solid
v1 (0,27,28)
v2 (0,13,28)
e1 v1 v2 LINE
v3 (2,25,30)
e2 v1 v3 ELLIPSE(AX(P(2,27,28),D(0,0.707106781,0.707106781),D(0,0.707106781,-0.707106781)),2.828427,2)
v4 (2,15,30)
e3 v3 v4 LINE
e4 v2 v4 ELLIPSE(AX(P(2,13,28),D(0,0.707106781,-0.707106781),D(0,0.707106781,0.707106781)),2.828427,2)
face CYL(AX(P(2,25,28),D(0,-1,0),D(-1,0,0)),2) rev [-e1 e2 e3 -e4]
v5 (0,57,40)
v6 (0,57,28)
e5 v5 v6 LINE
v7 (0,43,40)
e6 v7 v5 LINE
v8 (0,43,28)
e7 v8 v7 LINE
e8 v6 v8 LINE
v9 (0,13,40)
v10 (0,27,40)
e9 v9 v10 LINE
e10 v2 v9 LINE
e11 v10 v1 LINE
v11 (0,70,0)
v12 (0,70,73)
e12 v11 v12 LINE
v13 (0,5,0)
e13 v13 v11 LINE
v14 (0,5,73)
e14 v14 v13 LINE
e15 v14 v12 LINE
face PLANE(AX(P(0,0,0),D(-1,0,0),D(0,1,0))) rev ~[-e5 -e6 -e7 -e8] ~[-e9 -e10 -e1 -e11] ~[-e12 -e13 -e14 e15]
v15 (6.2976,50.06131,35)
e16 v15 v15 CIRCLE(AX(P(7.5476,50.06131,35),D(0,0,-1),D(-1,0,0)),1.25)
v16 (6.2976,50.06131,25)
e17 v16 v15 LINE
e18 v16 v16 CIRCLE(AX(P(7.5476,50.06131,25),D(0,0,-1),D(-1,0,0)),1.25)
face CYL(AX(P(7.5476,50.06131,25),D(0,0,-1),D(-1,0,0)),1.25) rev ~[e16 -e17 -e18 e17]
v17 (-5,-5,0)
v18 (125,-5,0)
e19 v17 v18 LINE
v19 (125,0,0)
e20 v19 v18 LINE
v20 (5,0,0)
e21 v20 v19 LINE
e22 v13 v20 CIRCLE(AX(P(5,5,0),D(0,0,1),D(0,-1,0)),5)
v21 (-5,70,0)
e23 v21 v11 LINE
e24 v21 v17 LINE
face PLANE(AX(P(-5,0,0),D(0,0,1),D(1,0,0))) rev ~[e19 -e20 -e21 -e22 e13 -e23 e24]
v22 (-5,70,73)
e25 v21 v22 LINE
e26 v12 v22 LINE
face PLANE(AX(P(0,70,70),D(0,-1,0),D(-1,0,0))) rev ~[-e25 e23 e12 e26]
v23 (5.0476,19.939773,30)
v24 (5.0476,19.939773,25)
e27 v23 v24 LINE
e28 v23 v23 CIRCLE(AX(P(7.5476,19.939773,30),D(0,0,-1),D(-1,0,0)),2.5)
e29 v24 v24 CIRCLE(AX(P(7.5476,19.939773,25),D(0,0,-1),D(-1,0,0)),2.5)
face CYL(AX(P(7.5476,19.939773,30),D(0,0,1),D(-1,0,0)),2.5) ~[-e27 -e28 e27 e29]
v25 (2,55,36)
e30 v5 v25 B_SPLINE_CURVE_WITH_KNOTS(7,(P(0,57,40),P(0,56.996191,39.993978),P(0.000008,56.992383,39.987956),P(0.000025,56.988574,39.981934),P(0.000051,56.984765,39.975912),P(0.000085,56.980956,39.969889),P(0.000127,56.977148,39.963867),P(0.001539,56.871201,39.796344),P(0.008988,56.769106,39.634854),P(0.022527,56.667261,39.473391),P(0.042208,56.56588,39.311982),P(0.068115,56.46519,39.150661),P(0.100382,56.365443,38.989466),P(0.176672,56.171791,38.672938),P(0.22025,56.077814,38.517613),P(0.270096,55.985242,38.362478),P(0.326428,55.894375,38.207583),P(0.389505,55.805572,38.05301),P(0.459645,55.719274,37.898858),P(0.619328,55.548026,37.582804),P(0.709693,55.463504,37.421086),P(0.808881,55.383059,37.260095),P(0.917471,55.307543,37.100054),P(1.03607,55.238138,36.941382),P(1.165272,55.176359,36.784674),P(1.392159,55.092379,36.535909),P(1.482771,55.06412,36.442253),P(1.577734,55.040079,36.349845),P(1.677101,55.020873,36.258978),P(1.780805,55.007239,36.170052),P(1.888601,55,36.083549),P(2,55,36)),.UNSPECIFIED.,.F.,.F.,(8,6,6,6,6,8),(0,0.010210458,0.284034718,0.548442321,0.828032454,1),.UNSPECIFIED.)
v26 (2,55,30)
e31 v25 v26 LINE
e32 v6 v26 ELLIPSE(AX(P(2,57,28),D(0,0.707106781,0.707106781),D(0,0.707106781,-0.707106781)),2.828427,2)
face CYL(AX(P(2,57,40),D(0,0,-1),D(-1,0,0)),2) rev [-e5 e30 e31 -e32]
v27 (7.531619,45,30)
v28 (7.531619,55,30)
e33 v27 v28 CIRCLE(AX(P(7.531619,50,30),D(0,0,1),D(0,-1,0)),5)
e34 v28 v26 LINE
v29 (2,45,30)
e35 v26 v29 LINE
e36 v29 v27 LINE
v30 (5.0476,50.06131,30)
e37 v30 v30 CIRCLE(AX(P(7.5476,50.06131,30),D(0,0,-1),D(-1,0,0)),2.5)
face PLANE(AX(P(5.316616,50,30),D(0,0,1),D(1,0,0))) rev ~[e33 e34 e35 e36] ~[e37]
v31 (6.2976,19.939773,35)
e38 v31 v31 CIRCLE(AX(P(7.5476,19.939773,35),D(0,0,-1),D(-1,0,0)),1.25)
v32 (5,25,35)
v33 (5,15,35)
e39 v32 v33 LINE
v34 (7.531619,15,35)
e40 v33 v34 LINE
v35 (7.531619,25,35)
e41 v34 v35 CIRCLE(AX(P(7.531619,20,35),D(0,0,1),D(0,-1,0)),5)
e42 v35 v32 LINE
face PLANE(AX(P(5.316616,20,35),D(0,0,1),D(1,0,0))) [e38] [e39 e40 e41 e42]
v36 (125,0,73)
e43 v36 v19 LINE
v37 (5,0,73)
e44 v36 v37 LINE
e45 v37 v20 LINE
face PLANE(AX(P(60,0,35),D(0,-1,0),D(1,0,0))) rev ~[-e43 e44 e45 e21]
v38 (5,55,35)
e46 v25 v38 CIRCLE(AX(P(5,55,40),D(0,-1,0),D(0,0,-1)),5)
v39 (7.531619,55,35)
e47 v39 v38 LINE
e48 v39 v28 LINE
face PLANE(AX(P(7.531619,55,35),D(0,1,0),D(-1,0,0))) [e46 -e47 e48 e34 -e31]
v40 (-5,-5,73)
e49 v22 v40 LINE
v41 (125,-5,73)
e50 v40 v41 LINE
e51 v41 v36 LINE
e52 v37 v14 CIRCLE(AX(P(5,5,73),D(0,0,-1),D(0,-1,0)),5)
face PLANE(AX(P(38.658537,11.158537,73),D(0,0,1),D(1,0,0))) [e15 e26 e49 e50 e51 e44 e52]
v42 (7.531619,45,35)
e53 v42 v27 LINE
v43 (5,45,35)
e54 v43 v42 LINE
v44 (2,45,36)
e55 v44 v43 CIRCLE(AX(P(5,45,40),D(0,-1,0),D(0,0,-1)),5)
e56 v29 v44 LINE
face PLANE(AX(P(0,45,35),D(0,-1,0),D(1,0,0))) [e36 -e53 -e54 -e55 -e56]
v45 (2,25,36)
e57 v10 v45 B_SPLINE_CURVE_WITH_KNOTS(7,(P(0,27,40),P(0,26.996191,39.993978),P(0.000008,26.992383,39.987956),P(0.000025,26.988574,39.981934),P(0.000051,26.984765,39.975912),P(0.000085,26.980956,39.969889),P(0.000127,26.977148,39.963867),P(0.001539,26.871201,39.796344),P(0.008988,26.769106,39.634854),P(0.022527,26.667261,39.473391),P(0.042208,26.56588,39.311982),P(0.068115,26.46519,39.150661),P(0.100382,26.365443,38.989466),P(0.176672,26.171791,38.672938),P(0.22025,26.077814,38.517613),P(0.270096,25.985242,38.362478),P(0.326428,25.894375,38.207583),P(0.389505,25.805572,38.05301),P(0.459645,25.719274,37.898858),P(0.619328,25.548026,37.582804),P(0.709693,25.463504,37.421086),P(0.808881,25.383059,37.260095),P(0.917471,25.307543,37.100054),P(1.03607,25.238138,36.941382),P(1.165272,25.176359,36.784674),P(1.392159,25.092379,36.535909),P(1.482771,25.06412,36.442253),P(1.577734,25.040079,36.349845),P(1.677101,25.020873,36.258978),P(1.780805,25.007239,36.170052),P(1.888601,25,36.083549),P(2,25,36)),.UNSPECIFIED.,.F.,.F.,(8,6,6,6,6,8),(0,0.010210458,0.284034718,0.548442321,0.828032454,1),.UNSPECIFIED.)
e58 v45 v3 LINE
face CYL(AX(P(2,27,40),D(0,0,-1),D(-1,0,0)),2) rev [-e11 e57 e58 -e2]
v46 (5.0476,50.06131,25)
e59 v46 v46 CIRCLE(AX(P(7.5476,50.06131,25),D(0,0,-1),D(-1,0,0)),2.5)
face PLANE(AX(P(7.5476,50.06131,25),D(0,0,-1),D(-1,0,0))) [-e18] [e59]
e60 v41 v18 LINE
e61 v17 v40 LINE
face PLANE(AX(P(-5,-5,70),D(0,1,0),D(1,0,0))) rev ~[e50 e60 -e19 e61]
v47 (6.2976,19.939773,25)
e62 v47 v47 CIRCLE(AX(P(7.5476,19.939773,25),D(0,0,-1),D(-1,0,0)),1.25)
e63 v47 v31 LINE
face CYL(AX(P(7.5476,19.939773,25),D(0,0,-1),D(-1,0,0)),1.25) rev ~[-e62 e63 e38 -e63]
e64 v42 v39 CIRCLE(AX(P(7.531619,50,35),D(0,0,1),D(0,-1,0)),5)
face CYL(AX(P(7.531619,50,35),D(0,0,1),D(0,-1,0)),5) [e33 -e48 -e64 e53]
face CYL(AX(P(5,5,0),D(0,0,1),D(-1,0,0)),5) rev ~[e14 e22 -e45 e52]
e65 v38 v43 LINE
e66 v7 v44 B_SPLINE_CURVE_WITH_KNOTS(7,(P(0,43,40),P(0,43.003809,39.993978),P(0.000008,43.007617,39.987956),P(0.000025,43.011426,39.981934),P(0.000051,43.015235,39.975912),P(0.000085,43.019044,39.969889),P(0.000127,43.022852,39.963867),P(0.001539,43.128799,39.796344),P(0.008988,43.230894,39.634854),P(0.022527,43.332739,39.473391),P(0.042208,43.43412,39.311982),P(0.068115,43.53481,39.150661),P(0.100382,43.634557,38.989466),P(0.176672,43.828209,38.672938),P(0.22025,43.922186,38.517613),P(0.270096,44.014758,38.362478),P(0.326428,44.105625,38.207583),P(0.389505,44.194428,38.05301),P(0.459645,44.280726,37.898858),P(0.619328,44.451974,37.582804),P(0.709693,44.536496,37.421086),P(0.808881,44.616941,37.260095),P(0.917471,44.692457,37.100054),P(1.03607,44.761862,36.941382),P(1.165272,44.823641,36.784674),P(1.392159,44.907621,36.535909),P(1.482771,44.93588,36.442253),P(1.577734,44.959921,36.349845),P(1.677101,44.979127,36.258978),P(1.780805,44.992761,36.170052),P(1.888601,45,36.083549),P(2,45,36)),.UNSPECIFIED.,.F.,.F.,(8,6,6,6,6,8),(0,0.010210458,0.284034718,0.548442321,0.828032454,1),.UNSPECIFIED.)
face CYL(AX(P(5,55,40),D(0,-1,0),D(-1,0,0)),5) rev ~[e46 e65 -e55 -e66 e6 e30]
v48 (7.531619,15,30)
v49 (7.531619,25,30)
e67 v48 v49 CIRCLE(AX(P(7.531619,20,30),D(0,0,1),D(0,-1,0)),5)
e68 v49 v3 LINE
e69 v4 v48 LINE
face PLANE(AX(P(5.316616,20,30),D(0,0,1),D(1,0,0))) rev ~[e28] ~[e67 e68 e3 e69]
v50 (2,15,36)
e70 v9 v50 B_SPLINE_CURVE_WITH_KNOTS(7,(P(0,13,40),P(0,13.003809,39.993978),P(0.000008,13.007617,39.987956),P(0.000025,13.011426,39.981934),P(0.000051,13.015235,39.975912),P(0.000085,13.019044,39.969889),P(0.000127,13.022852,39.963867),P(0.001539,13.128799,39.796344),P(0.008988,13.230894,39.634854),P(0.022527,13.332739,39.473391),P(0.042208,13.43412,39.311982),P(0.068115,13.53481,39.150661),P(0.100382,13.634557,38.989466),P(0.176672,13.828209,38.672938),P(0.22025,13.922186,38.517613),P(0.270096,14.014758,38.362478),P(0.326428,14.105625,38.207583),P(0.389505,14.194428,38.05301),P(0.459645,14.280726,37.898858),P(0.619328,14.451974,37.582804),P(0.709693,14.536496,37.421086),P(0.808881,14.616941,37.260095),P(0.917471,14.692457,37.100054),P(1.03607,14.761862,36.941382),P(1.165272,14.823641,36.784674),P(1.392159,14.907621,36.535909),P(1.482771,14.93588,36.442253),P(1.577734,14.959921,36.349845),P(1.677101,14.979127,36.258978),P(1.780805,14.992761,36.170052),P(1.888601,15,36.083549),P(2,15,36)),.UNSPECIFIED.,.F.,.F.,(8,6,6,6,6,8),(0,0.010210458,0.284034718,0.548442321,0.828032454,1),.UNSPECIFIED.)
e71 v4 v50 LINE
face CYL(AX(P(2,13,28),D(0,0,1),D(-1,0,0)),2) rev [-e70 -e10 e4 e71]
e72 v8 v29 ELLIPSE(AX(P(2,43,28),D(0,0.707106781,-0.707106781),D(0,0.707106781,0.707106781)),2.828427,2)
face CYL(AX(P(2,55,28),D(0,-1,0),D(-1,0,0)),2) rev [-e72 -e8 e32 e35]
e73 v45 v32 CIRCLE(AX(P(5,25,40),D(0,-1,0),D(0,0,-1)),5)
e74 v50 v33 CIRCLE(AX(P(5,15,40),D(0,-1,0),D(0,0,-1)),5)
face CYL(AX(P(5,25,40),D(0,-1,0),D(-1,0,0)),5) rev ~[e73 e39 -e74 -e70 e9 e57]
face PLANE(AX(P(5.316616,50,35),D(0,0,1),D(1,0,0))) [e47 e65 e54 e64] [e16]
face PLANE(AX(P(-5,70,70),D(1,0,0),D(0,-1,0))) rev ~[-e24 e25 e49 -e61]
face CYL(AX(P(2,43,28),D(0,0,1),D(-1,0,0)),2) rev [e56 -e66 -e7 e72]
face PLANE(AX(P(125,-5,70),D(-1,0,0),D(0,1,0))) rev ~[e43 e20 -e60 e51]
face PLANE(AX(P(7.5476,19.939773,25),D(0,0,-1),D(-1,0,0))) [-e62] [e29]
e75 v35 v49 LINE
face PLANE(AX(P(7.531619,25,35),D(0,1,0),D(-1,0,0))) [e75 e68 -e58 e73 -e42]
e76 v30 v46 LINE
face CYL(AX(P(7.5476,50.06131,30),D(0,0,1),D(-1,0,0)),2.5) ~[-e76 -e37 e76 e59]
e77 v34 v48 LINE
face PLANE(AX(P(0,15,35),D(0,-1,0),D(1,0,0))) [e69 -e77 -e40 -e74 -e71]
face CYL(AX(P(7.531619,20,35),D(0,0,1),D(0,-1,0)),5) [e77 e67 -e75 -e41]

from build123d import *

# Parameters (mm, degrees)
SCHIZZO1_W                   = 5
SCHIZZO1_H                   = 70
ESTRUSIONE_ESTRUSIONE1_DEPTH = 70
ESTRUSIONE_ESTRUSIONE2_START = -35
ESTRUSIONE_ESTRUSIONE2_DEPTH = 5
SCHIZZO3_R                   = 2.5
ESTRUSIONE_ESTRUSIONE3_DEPTH = 5
SCHIZZO4_W                   = 130
SCHIZZO4_H                   = 70
ESTRUSIONE_ESTRUSIONE4_DEPTH = 5
SCHIZZO5_R                   = 1.25
TAGLIO_ESTRUSIONE1_DEPTH     = 46
ESTRUSIONE_ESTRUSIONE5_DEPTH = 3
RACCORDO1_R                  = 5
RACCORDO2_R                  = 5
RACCORDO3_R                  = 2
RACCORDO4_R                  = 2
TAGLIO_ESTRUSIONE2_REACH     = 75


with BuildPart() as part:
    # Schizzo1 → Estrusione-Estrusione1 (new body)
    with BuildSketch(Plane.XY):
        with Locations((-2.5, 35)):
            Rectangle(SCHIZZO1_W, SCHIZZO1_H)
    extrude(amount=ESTRUSIONE_ESTRUSIONE1_DEPTH)

    # Schizzo2 → Estrusione-Estrusione2 (add)
    with BuildSketch(Plane.XY.offset(70).offset(ESTRUSIONE_ESTRUSIONE2_START)):
        with BuildLine():
            Line((0, 50), (0, 45))
            Line((0, 45), (7.531619243, 45))
            ThreePointArc((7.531619243, 45), (12.531619243, 50), (7.531619243, 55))
            Line((7.531619243, 55), (0, 55))
            Line((0, 55), (0, 50))
        make_face()
        with BuildLine():
            Line((0, 20), (0, 15))
            Line((0, 15), (7.531619243, 15))
            ThreePointArc((7.531619243, 15), (12.531619243, 20), (7.531619243, 25))
            Line((7.531619243, 25), (0, 25))
            Line((0, 25), (0, 20))
        make_face()
    extrude(amount=-ESTRUSIONE_ESTRUSIONE2_DEPTH)

    # Schizzo3 → Estrusione-Estrusione3 (add)
    with BuildSketch(Plane(origin=(0, 0, 30), x_dir=(-1, 0, 0), z_dir=(0, 0, -1))):
        with Locations((-7.547600082, 50.061310314)):
            Circle(SCHIZZO3_R)
        with Locations((-7.547600082, 19.939772921)):
            Circle(SCHIZZO3_R)
    extrude(amount=ESTRUSIONE_ESTRUSIONE3_DEPTH)

    # Schizzo4 → Estrusione-Estrusione4 (add)
    with BuildSketch(Plane.XZ):
        with Locations((60, 35)):
            Rectangle(SCHIZZO4_W, SCHIZZO4_H)
    extrude(amount=ESTRUSIONE_ESTRUSIONE4_DEPTH)

    # Schizzo5 → Taglio-Estrusione1 (cut, through all)
    with BuildSketch(Plane(origin=(0, 0, 25), x_dir=(-1, 0, 0), z_dir=(0, 0, -1))):
        with Locations((-7.547600082, 50.061310314)):
            Circle(SCHIZZO5_R)
        with Locations((-7.547600082, 19.939772921)):
            Circle(SCHIZZO5_R)
    extrude(amount=-TAGLIO_ESTRUSIONE1_DEPTH, mode=Mode.SUBTRACT)

    # Schizzo6 → Estrusione-Estrusione5 (add)
    with BuildSketch(Plane.XY.offset(70)):
        Polygon((125, 0), (0, 0), (0, 70), (-5, 70), (-5, -5), (125, -5), align=None)
        Polygon((0, 70), (125, 0), (0, 0), align=None)
    extrude(amount=ESTRUSIONE_ESTRUSIONE5_DEPTH)

    # Raccordo1
    raccordo1_edges = [part.edges().sort_by_distance(p)[0] for p in [
        (0, 35, 70),
        (62.5, 0, 70),
        (0, 0, 35),
    ]]
    fillet(raccordo1_edges, radius=RACCORDO1_R)

    # Raccordo2
    raccordo2_edges = [part.edges().sort_by_distance(p)[0] for p in [
        (0, 50, 35),
        (0, 20, 35),
    ]]
    fillet(raccordo2_edges, radius=RACCORDO2_R)

    # Raccordo3
    raccordo3_edges = [part.edges().sort_by_distance(p)[0] for p in [
        (0, 50, 30),
        (0, 20, 30),
    ]]
    fillet(raccordo3_edges, radius=RACCORDO3_R)

    # Raccordo4
    raccordo4_edges = [part.edges().sort_by_distance(p)[0] for p in [
        (0, 25, 32.5),
        (0, 15, 32.5),
        (0, 45, 32.5),
        (0, 55, 32.5),
    ]]
    fillet(raccordo4_edges, radius=RACCORDO4_R)

    # Schizzo7 → Taglio-Estrusione2 (cut, up to next)
    with BuildSketch(Plane(origin=(0, 0, 73), x_dir=(-1, 0, 0), z_dir=(0, 0, -1)), mode=Mode.PRIVATE) as taglio_estrusione2_sk1:
        with BuildLine():
            ThreePointArc((-5, 0), (-1.464466094, 1.464466094), (0, 5))
            Line((0, 5), (0, 70))
            Line((0, 70), (-125, 0))
            Line((-125, 0), (-5, 0))
        make_face()
    taglio_estrusione2_tool1 = extrude(taglio_estrusione2_sk1.sketch, amount=TAGLIO_ESTRUSIONE2_REACH, mode=Mode.PRIVATE) & part.part
    add(taglio_estrusione2_tool1.solids().sort_by_distance((41.716454, 23.360611, 73))[0], mode=Mode.SUBTRACT)


solid = part.part
